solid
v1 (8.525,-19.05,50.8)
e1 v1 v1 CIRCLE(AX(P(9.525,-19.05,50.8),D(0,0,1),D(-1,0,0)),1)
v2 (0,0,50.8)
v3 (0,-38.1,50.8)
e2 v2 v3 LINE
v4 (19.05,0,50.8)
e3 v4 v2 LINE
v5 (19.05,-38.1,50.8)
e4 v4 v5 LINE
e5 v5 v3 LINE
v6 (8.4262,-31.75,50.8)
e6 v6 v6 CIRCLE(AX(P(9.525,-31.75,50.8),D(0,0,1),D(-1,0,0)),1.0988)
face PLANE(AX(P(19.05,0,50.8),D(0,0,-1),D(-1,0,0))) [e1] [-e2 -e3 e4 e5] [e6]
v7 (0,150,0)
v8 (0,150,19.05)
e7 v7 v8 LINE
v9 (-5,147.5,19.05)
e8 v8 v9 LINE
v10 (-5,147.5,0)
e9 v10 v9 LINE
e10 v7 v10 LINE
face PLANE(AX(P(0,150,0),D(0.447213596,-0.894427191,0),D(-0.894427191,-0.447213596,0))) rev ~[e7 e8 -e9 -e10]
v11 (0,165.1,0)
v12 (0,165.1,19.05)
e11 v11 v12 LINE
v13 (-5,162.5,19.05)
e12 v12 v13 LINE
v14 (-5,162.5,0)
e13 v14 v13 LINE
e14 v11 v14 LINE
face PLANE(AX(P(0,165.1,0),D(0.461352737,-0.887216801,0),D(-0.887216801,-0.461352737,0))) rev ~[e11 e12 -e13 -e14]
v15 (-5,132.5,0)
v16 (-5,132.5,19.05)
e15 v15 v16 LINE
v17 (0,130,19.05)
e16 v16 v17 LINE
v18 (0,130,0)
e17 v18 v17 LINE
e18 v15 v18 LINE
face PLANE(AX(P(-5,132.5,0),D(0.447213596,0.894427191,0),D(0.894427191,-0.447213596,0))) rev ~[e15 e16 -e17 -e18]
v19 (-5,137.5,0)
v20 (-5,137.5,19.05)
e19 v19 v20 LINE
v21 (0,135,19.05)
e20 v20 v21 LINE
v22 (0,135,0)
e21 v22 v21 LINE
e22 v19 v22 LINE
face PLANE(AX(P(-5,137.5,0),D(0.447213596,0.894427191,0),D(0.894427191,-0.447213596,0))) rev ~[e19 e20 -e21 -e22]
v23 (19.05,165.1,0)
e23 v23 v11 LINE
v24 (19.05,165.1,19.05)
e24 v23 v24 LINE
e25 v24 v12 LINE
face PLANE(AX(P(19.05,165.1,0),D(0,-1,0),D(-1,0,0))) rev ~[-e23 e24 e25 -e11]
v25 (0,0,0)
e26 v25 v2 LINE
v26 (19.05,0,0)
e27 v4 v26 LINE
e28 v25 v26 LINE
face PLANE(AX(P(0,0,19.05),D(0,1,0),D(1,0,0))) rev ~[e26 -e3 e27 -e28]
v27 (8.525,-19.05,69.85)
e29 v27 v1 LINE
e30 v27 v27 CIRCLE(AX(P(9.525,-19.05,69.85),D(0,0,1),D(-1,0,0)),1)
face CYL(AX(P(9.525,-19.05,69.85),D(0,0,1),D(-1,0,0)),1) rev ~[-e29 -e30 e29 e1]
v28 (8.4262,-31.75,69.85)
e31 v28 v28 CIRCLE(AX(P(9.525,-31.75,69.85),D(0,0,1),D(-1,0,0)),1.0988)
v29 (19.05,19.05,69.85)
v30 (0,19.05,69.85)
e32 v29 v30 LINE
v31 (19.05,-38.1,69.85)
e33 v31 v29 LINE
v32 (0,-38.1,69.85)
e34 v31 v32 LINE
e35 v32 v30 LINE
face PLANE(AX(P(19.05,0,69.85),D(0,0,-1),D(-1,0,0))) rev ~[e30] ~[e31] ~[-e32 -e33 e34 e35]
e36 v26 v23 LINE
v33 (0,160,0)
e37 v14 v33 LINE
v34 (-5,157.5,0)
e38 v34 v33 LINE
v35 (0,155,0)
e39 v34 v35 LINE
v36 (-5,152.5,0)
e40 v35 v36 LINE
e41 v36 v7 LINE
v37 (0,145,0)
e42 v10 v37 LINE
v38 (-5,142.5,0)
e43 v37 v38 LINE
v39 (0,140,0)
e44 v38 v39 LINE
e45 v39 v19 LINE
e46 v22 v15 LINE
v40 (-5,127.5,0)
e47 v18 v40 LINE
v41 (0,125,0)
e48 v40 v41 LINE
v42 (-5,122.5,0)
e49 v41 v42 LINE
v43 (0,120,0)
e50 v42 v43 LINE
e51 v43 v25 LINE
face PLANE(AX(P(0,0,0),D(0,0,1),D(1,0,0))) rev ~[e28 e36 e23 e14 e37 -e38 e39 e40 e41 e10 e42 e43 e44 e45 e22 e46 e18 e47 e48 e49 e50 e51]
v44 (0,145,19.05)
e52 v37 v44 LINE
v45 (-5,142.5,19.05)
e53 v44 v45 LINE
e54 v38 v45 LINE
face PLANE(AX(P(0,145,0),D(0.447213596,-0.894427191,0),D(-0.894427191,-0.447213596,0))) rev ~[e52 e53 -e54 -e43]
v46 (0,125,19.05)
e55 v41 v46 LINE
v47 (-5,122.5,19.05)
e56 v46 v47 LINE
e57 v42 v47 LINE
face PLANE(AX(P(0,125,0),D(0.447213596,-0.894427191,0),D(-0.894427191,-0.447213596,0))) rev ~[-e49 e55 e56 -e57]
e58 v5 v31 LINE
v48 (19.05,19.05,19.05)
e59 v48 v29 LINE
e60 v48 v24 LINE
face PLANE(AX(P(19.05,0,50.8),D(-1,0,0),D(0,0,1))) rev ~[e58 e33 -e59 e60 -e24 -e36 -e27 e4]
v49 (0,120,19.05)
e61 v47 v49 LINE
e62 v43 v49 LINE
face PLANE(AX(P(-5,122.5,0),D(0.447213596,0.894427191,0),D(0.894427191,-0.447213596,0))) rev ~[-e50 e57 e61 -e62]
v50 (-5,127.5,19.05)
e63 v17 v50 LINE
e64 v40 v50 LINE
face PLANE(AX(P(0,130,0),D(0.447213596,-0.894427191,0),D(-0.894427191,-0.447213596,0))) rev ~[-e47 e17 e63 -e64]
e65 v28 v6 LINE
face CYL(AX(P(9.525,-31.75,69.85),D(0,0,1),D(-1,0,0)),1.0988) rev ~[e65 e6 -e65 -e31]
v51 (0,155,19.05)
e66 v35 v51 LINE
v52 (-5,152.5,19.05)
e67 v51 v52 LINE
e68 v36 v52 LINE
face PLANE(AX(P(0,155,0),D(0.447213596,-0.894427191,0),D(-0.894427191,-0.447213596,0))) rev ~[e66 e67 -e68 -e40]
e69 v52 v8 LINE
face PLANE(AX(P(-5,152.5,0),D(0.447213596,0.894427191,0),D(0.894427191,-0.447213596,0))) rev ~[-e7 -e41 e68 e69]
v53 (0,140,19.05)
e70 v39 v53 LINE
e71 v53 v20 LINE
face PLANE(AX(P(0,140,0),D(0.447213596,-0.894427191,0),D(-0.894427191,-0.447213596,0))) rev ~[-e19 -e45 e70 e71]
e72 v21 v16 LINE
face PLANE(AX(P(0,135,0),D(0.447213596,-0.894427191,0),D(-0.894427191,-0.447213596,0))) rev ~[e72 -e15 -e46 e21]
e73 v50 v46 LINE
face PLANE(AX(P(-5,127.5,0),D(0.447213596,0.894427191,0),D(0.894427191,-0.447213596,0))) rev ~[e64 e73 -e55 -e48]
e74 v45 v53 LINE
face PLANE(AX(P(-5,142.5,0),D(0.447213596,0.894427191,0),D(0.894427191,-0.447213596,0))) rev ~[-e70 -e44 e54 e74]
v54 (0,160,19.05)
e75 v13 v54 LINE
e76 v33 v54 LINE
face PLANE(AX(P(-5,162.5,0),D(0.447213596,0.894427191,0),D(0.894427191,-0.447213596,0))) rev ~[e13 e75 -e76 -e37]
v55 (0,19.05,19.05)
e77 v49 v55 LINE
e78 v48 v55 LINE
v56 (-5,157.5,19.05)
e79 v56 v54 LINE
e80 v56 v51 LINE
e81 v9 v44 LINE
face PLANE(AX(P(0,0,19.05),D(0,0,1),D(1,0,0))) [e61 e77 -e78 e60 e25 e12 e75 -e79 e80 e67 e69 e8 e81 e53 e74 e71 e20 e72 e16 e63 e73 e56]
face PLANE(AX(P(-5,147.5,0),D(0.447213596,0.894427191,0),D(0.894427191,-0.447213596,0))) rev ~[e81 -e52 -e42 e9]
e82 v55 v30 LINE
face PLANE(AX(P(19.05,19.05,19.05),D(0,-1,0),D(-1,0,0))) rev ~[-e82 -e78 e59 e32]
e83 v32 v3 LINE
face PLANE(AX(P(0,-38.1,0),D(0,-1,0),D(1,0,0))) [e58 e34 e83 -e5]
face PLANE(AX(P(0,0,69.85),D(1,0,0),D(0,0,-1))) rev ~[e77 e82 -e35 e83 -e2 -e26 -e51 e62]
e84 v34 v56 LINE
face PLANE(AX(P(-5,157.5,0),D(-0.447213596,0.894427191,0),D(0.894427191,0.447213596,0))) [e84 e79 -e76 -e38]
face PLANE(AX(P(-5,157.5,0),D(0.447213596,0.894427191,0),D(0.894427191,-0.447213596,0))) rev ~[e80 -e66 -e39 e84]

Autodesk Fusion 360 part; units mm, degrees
sketch "Sketch1" plane through (0, 0, 0) normal (0, 0, 1) x (1, 0, 0)
  line L0 (0, 0) -> (19.05, 0)
  line L1 (19.05, 0) -> (19.05, 165.1)
  line L2 (19.05, 165.1) -> (0, 165.1)
  line L3 (0, 165.1) -> (0, 0)
  line L4 (0, 165.1) -> (-5, 162.5)
  line L5 (-5, 162.5) -> (0, 160)
  line L6 (-5, 157.5) -> (0, 160)
  line L7 (-5, 157.5) -> (0, 155)
  line L8 (0, 155) -> (-5, 152.5)
  line L9 (-5, 152.5) -> (0, 150)
  line L10 (0, 150) -> (-5, 147.5)
  line L11 (-5, 147.5) -> (0, 145)
  line L12 (0, 145) -> (-5, 142.5)
  line L13 (-5, 142.5) -> (0, 140)
  line L14 (0, 140) -> (-5, 137.5)
  line L15 (-5, 137.5) -> (0, 135)
  line L16 (0, 135) -> (-5, 132.5)
  line L17 (-5, 132.5) -> (0, 130)
  line L18 (0, 130) -> (-5, 127.5)
  line L19 (-5, 127.5) -> (0, 125)
  line L20 (0, 125) -> (-5, 122.5)
  line L21 (-5, 122.5) -> (0, 120)
  dimension "d2" = 19.05
  dimension "d3" = 165.1
extrude "Extrude1" add sketch "Sketch1" along normal blind 19.05 contours L0 L1 L2 L3 | L3 L20 L21 | L3 L18 L19 | L3 L16 L17 | L3 L14 L15 | L3 L8 L9 | L3 L12 L13 | L3 L10 L11
sketch "Sketch2" plane through (0, 0, 19.05) normal (0, 0, 1) x (-1, 0, 0)
  line L0 (5, -122.5) -> (0, -120)
  line L1 (0, -120) -> (0, 0)
  line L2 (0, 0) -> (-19.05, 0)
  line L3 (-19.05, 0) -> (-19.05, -165.1)
  line L4 (-19.05, -165.1) -> (0, -165.1)
  line L5 (0, -165.1) -> (0, -155)
  line L6 (0, -155) -> (5, -152.5)
  line L7 (5, -152.5) -> (0, -150)
  line L8 (0, -150) -> (5, -147.5)
  line L9 (5, -147.5) -> (0, -145)
  line L10 (0, -145) -> (5, -142.5)
  line L11 (5, -142.5) -> (0, -140)
  line L12 (0, -140) -> (5, -137.5)
  line L13 (5, -137.5) -> (0, -135)
  line L14 (0, -135) -> (5, -132.5)
  line L15 (5, -132.5) -> (0, -130)
  line L16 (0, -130) -> (5, -127.5)
  line L17 (5, -127.5) -> (0, -125)
  line L18 (0, -125) -> (5, -122.5)
  line L19 (0, 0) -> (-19.05, 0)
  line L20 (-19.05, 0) -> (-19.05, -19.05)
  line L21 (-19.05, -19.05) -> (0, -19.05)
  line L22 (0, -19.05) -> (0, 0)
  dimension "d6" = 19.05
  dimension "d7" = 19.05
extrude "Extrude2" add sketch "Sketch2" along normal blind 50.8 contours L1 L2 L3 L19 L20 L21 L22
sketch "Sketch3" plane through (0, 0, 0) normal (0, -1, 0) x (1, 0, 0)
  line L0 (0, 0) -> (19.05, 0)
  line L1 (19.05, 0) -> (19.05, 69.85)
  line L2 (19.05, 69.85) -> (0, 69.85)
  line L3 (0, 69.85) -> (0, 0)
  line L4 (0, 69.85) -> (19.05, 69.85)
  line L5 (19.05, 69.85) -> (19.05, 50.8)
  line L6 (19.05, 50.8) -> (0, 50.8)
  line L7 (0, 50.8) -> (0, 69.85)
  dimension "d10" = 19.05
extrude "Extrude3" add sketch "Sketch3" along normal blind 38.1 contours L1 L2 L3 L4 L5 L6 L7
extrude "Extrude4" add sketch "Sketch1" along normal blind 19.05 contours L3 L4 L5 | L3 L6 L7
sketch "Sketch4" plane through (0, 0, 69.85) normal (0, 0, 1) x (-1, 0, 0)
  line L0 (0, -19.05) -> (0, 38.1)
  line L1 (0, 38.1) -> (-19.05, 38.1)
  line L2 (-19.05, 38.1) -> (-19.05, -19.05)
  line L3 (-19.05, -19.05) -> (0, -19.05)
  circle A0 centre (-9.525, 19.05) radius 1
  circle A1 centre (-9.525, 31.75) radius 1.0988
  dimension "d15" = 12.7
  dimension "d16" = 9.525
  dimension "d17" = 6.35
extrude "Extrude5" cut sketch "Sketch4" against normal blind 33 contours A0 | A1
